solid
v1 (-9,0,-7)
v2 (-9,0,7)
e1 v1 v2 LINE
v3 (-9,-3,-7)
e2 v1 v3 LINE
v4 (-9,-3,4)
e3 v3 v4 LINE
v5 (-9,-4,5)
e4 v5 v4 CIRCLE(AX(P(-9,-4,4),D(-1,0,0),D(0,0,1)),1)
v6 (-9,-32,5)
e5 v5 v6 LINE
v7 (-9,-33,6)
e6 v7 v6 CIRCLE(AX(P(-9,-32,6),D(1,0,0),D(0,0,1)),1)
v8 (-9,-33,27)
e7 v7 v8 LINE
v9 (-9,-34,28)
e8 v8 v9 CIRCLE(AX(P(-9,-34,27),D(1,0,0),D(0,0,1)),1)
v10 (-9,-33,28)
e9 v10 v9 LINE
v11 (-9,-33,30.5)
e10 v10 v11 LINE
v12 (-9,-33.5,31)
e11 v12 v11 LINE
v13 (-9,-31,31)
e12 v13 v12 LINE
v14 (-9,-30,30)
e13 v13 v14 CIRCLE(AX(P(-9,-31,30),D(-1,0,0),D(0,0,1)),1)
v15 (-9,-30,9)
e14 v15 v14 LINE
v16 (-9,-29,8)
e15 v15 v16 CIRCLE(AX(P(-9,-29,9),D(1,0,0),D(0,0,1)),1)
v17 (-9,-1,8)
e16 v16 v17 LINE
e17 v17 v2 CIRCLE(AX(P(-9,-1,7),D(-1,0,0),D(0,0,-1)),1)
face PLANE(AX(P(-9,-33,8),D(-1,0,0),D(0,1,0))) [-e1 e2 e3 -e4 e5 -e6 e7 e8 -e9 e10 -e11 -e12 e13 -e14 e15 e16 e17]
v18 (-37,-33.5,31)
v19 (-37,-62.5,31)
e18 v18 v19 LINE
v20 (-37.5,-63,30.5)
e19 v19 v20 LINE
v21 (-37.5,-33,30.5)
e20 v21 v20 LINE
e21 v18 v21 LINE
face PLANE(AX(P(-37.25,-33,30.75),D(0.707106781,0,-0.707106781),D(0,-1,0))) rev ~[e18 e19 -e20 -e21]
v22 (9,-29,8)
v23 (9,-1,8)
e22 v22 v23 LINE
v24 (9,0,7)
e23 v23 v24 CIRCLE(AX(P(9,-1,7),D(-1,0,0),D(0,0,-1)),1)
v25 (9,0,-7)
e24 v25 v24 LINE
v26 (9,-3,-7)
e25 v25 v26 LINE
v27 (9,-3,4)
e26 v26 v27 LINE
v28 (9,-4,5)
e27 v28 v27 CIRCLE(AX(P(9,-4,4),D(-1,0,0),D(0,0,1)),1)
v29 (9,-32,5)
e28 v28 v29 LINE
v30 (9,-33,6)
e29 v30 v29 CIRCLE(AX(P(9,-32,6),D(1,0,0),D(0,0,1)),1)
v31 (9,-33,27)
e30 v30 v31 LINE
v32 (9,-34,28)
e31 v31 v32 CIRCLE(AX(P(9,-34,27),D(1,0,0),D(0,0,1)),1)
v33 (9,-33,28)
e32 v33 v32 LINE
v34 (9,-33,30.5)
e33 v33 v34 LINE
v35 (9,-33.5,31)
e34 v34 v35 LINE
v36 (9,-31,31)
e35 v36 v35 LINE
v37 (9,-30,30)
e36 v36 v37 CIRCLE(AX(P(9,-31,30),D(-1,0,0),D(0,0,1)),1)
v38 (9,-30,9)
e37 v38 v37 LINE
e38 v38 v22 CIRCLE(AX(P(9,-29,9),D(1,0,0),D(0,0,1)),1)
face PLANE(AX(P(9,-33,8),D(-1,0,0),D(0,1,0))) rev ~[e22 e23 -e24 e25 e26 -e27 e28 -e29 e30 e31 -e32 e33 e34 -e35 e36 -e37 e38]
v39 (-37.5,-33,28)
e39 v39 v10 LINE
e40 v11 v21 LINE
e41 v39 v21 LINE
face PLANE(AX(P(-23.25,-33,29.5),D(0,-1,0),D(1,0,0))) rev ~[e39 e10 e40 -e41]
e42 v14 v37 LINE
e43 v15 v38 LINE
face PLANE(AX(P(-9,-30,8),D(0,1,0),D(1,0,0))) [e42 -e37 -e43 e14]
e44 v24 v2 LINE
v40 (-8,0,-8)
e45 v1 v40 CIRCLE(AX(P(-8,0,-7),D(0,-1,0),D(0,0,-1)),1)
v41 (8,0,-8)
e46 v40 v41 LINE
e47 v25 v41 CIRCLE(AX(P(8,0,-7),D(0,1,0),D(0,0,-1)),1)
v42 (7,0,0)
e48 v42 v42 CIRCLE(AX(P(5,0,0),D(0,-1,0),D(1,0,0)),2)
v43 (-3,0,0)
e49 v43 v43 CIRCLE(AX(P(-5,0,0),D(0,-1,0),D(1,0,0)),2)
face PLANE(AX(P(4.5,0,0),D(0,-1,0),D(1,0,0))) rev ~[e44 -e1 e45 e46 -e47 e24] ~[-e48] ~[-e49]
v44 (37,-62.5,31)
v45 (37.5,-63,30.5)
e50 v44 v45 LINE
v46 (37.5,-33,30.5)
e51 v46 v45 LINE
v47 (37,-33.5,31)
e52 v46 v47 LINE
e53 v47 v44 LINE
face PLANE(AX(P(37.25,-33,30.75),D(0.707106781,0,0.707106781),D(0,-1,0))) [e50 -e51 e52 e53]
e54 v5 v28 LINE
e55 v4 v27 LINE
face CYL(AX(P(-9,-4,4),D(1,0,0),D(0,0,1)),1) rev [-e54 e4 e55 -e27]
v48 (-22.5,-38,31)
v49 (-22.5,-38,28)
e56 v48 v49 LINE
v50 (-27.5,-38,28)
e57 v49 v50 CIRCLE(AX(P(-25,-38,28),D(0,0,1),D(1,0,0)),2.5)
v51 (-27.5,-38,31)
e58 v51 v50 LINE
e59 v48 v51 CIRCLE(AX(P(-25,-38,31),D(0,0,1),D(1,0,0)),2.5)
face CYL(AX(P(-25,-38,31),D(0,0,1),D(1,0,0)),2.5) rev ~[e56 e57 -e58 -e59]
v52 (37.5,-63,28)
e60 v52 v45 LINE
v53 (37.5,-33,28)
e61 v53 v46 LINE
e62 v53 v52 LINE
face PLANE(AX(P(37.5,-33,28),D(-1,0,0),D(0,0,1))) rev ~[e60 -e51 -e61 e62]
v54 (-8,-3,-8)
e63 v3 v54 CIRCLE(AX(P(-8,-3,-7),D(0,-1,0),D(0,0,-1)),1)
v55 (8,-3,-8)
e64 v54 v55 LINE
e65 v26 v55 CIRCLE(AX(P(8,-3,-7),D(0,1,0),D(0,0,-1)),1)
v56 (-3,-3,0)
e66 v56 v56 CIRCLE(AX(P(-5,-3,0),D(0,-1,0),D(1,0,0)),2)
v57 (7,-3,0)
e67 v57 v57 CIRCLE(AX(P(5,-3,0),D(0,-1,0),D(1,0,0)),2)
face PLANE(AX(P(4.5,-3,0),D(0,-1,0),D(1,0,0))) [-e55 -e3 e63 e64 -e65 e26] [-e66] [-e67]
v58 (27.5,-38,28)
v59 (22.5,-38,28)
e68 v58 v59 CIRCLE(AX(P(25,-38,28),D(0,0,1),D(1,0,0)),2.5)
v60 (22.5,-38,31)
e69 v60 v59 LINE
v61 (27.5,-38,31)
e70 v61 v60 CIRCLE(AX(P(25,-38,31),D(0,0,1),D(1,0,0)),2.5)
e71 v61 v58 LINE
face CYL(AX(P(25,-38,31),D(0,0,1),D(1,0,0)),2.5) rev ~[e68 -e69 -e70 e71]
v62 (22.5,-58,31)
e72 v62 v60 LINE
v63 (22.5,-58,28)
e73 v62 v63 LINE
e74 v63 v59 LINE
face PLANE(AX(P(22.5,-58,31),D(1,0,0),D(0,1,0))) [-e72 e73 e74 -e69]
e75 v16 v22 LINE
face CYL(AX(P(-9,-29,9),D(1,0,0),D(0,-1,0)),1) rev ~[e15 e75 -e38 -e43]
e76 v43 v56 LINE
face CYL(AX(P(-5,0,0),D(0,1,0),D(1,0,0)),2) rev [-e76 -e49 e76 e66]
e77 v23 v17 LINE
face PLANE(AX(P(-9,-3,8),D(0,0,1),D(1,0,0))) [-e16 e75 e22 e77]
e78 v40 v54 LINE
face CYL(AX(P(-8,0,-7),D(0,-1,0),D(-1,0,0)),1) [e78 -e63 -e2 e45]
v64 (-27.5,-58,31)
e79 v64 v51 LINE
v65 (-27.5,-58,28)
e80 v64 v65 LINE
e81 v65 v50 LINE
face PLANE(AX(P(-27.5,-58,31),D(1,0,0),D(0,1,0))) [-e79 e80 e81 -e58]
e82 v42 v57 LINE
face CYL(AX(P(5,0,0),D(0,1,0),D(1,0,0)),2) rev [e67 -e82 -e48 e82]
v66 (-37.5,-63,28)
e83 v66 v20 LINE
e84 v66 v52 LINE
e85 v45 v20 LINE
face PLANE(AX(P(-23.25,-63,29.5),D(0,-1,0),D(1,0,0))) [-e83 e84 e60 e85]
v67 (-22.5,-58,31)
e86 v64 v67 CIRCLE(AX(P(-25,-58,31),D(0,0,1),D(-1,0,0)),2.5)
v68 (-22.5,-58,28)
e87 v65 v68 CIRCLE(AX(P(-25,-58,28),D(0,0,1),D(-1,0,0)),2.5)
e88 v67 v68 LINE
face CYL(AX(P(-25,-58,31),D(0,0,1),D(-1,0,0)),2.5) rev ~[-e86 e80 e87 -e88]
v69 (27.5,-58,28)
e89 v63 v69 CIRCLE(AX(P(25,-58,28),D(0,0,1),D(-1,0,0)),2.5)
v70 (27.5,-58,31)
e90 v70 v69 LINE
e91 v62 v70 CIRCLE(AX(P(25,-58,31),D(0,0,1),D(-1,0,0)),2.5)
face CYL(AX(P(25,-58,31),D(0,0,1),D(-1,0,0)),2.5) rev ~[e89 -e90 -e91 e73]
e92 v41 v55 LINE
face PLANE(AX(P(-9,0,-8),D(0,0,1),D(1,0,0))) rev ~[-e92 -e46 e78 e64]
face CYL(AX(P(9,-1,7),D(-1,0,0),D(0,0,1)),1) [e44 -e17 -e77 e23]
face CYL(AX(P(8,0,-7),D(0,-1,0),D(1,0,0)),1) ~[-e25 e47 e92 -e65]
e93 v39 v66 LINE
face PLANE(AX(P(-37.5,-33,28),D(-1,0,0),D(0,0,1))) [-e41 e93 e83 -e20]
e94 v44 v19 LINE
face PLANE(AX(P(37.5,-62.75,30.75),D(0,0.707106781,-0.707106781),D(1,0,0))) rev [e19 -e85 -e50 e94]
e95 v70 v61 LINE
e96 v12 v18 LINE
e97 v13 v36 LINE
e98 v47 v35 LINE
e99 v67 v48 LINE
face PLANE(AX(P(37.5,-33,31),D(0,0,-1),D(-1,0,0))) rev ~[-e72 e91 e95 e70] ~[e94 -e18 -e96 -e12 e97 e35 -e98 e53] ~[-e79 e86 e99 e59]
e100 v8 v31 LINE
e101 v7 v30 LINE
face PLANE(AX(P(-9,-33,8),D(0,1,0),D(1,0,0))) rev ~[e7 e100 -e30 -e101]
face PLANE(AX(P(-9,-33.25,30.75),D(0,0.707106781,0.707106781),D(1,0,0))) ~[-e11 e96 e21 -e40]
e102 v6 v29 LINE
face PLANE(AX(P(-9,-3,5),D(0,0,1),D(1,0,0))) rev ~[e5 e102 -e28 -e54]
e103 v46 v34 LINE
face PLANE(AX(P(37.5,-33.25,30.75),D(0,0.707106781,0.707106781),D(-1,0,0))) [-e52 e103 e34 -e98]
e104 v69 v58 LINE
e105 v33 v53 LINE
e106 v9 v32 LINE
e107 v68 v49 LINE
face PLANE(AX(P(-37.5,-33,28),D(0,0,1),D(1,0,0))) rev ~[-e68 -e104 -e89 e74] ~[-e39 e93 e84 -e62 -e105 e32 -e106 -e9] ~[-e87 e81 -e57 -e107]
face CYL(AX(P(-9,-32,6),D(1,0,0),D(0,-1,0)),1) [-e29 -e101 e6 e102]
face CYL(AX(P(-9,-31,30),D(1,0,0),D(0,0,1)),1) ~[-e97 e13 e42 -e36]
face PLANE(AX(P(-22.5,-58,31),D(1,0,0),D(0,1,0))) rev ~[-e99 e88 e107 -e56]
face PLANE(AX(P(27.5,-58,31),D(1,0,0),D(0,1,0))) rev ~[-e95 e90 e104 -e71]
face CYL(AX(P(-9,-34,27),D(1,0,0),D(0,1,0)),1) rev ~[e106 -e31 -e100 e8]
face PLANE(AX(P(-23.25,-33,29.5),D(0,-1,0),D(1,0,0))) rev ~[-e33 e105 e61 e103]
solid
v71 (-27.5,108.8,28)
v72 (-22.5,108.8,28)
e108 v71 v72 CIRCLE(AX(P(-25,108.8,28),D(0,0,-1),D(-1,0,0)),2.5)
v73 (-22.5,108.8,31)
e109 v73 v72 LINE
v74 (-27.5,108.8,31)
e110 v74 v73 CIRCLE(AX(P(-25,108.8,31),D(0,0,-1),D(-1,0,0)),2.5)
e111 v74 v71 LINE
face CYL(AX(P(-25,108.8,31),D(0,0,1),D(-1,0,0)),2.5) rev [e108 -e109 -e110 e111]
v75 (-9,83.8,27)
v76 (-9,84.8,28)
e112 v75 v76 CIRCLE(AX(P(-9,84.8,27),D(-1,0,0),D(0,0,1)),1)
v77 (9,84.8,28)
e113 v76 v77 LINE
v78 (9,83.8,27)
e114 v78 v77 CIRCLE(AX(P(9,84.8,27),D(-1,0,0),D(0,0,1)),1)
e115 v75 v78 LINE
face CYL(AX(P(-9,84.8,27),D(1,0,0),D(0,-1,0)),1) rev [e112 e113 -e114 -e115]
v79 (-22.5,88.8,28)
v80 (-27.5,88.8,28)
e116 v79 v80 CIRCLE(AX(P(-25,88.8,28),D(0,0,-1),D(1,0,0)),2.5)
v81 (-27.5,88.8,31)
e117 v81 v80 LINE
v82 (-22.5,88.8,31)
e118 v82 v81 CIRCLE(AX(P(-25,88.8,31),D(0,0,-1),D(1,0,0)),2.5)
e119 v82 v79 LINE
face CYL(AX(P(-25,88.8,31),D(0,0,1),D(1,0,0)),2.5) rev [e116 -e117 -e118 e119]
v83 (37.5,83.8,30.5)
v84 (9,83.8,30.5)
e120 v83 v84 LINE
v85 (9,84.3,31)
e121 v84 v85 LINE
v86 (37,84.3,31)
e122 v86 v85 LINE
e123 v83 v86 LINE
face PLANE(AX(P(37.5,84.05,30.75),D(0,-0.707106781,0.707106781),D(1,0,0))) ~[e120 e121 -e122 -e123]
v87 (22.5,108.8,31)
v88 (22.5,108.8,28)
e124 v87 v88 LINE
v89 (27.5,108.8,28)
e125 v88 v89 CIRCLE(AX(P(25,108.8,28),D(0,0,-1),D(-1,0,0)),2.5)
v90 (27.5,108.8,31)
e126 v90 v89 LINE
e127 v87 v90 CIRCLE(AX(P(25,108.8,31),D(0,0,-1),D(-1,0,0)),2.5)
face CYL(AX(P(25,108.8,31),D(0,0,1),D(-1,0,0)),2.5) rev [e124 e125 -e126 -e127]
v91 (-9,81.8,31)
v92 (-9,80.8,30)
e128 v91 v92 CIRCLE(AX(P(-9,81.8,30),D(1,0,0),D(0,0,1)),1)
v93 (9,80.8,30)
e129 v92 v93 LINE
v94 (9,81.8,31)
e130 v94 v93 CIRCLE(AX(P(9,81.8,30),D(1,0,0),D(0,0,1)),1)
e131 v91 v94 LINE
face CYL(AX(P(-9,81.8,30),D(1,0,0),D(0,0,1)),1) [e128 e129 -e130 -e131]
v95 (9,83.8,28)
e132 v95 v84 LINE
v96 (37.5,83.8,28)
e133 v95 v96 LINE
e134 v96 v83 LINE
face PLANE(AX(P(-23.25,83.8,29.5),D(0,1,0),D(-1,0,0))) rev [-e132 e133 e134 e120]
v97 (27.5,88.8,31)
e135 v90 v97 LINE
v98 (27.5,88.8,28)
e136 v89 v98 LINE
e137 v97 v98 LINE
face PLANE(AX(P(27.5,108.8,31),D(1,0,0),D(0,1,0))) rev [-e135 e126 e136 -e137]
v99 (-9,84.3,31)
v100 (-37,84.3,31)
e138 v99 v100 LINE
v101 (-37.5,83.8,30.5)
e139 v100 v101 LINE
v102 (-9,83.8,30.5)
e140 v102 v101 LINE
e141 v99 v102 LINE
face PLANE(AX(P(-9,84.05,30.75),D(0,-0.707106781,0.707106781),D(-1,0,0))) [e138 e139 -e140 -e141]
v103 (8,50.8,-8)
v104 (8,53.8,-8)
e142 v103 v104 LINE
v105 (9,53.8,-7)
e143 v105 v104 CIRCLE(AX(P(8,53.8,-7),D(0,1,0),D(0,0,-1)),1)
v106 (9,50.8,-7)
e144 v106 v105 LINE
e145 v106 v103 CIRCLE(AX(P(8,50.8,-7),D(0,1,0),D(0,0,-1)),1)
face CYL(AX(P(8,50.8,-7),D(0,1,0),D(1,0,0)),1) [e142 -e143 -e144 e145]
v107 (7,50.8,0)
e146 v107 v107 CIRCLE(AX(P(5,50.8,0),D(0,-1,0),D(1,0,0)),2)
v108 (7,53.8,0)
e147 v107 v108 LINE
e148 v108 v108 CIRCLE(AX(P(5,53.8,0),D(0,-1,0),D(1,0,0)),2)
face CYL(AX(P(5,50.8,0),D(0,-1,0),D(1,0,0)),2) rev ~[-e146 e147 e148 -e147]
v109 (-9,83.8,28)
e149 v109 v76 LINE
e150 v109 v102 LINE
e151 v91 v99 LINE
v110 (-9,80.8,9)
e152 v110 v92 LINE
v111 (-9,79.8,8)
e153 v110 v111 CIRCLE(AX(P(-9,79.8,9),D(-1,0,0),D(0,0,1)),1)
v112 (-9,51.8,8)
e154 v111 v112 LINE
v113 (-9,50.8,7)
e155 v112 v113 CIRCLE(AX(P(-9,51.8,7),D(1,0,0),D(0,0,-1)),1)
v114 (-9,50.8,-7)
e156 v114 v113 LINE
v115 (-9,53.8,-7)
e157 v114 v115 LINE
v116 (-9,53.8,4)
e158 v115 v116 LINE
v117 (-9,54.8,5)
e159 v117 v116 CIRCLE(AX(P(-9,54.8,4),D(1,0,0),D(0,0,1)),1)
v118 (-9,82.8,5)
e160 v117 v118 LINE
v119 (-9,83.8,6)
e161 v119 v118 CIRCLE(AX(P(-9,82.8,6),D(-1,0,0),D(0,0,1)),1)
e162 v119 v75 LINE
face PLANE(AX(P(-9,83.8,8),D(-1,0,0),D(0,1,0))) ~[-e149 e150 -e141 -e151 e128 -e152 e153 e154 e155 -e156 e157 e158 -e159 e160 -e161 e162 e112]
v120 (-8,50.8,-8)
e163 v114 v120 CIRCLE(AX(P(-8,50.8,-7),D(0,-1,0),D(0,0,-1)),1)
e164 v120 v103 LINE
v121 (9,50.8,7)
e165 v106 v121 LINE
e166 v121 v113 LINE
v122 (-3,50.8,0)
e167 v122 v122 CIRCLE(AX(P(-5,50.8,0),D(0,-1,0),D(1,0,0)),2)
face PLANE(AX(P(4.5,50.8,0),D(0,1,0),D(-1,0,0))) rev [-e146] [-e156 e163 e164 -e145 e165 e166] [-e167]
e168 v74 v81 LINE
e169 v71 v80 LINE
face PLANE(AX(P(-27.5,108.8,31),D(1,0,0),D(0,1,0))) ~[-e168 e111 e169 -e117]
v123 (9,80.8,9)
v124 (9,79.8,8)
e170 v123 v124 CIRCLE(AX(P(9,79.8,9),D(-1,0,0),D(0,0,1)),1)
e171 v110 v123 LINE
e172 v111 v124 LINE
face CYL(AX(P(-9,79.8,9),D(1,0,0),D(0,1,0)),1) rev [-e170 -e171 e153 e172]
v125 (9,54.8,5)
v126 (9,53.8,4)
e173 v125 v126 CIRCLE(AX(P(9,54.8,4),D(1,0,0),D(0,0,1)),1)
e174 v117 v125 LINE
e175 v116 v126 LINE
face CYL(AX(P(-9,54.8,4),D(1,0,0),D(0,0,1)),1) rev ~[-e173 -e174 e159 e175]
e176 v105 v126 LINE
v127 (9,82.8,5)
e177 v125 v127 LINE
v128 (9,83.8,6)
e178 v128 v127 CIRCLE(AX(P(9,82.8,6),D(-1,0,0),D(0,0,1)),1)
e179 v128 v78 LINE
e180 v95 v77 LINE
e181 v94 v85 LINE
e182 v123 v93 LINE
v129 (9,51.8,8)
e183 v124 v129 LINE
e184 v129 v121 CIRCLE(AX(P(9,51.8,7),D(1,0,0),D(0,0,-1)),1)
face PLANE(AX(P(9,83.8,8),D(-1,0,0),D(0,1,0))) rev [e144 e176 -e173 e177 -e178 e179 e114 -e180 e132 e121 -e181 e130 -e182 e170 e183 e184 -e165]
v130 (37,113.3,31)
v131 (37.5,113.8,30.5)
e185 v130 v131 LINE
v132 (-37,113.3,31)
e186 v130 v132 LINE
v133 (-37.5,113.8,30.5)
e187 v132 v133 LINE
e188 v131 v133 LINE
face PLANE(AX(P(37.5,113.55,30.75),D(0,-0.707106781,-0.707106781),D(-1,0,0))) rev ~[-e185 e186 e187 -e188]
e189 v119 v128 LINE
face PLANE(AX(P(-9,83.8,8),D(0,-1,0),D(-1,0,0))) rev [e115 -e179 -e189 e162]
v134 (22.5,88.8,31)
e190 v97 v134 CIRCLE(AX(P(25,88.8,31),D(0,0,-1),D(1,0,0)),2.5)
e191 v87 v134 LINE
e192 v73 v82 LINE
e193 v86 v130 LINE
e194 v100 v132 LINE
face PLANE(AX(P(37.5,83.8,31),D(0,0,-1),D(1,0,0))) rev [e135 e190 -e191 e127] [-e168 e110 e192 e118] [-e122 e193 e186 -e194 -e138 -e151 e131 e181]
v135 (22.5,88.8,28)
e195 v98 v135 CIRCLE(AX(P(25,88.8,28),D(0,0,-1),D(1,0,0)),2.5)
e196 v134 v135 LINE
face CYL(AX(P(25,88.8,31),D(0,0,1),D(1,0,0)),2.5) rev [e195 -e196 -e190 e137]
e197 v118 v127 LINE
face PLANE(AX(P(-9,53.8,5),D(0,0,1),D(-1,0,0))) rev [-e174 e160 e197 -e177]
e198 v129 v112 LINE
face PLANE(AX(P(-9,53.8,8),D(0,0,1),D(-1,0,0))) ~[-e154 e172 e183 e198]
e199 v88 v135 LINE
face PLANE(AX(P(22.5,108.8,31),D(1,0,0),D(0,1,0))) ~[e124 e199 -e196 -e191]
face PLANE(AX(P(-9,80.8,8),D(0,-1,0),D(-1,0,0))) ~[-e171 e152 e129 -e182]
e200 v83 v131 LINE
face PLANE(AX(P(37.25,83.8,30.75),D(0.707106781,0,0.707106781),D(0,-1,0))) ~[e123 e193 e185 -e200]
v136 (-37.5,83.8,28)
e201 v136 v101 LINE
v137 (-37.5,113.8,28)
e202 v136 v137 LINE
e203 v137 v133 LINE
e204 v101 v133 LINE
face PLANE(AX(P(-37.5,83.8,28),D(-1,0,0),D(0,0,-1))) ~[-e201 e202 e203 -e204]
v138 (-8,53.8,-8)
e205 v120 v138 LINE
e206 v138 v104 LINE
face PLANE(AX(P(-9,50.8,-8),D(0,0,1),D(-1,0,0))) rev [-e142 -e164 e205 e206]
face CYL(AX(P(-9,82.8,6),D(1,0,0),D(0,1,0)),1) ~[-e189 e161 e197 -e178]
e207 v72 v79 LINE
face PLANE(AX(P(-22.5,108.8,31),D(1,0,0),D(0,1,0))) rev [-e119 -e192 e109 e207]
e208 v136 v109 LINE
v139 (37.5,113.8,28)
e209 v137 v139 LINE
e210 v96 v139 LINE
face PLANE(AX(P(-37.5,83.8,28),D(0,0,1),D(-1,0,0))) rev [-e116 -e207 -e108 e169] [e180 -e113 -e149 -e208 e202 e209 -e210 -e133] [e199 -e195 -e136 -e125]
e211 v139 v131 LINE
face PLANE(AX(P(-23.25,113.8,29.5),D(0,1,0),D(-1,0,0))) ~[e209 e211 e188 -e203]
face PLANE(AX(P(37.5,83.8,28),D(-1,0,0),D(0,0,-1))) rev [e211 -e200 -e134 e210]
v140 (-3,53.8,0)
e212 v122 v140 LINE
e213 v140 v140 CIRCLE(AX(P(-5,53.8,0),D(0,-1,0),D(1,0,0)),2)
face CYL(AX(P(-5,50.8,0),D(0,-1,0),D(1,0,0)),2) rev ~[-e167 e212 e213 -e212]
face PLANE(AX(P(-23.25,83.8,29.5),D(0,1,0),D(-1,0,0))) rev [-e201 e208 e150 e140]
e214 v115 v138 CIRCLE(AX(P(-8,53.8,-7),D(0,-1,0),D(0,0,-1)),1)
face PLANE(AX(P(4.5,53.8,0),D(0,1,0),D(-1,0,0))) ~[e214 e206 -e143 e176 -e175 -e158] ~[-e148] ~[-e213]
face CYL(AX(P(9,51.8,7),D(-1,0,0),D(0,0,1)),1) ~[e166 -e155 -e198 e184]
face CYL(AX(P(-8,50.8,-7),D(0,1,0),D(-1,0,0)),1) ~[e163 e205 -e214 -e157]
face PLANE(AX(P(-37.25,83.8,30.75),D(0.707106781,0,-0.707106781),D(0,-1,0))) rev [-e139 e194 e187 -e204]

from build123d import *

# Parameters (mm, degrees)
F0_W     = 9
F0_H     = 16
F0_R     = 2
F1_DEPTH = 3
F2_W     = 18
F2_H     = 3
F3_DEPTH = 30
F4_W     = 18
F4_H     = 3
F5_DEPTH = 23
F6_W     = 28.5
F6_H     = 3
F6_W_2   = 18
F7_DEPTH = 30
F8_W     = 5
F8_H     = 20
F9_DEPTH = 39.001
F10_R    = 1
F11_R    = 1
F12_SIZE = 0.5
F13_R    = 1


with BuildPart() as f1:
    # F0 (on Front) → F1 (new body)
    with BuildSketch(Plane.XZ):
        with Locations((4.5, 0)):
            Rectangle(F0_W, F0_H)
        with Locations((5, 0)):
            Circle(F0_R, mode=Mode.SUBTRACT)
        with Locations((-4.5, 0)):
            Rectangle(F0_W, F0_H)
        with Locations((-5, 0)):
            Circle(F0_R, mode=Mode.SUBTRACT)
    extrude(amount=F1_DEPTH)

    # F2 (on face) → F3 (join)
    with BuildSketch(Plane.XZ.offset(3)):
        with Locations((0, 6.5)):
            Rectangle(F2_W, F2_H)
    extrude(amount=F3_DEPTH)

    # F4 (on face) → F5 (join)
    with BuildSketch(Plane.XY.offset(8)):
        with Locations((0, -31.5)):
            Rectangle(F4_W, F4_H)
    extrude(amount=F5_DEPTH)

    # F6 (on face) → F7 (join)
    with BuildSketch(Plane.XZ.offset(33)):
        with Locations((-23.25, 29.5)):
            Rectangle(F6_W, F6_H)
        with Locations((0, 29.5)):
            Rectangle(F6_W_2, F6_H)
        with Locations((23.25, 29.5)):
            Rectangle(F6_W, F6_H)
    extrude(amount=F7_DEPTH)

    # F8 (on face) → F9 (cut, through all)
    with BuildSketch(Plane.XY.offset(31)):
        with BuildLine():
            Line((-27.5, -38), (-22.5, -38))
            ThreePointArc((-22.5, -38), (-25, -35.5), (-27.5, -38))
        make_face()
        with Locations((-25, -48)):
            Rectangle(F8_W, F8_H)
        with BuildLine():
            Line((27.5, -58), (22.5, -58))
            ThreePointArc((22.5, -58), (25, -60.5), (27.5, -58))
        make_face()
        with Locations((25, -48)):
            Rectangle(F8_W, F8_H)
        with BuildLine():
            ThreePointArc((-27.5, -58), (-25, -60.5), (-22.5, -58))
            Line((-22.5, -58), (-27.5, -58))
        make_face()
        with BuildLine():
            ThreePointArc((27.5, -38), (25, -35.5), (22.5, -38))
            Line((22.5, -38), (27.5, -38))
        make_face()
    extrude(amount=-F9_DEPTH, mode=Mode.SUBTRACT)

    # F10
    f10_edges = [f1.edges().sort_by_distance(p)[0] for p in [
        (0, 0, 8),
        (0, -30, 8),
        (0, -30, 31),
    ]]
    fillet(f10_edges, radius=F10_R)

    # F11
    f11_edges = [f1.edges().sort_by_distance(p)[0] for p in [
        (0, -3, 5),
        (0, -33, 5),
        (0, -33, 28),
    ]]
    fillet(f11_edges, radius=F11_R)

    # F12
    f12_edges = [f1.edges().sort_by_distance(p)[0] for p in [
        (23.25, -33, 31),
        (-23.25, -33, 31),
        (37.5, -48, 31),
        (0, -63, 31),
        (-37.5, -48, 31),
    ]]
    chamfer(f12_edges, length=F12_SIZE)

    # F13
    f13_edges = [f1.edges().sort_by_distance(p)[0] for p in [
        (9, -1.5, -8),
        (-9, -1.5, -8),
    ]]
    fillet(f13_edges, radius=F13_R)


with BuildPart() as f15_1:
    # F15: instance of F1
    add(f1.part.mirror(Plane(origin=(0, 25.4, -0.5386323373), x_dir=(1, 0, 0), z_dir=(0, 1, 0))))


solid = Compound([f1.part, f15_1.part])
